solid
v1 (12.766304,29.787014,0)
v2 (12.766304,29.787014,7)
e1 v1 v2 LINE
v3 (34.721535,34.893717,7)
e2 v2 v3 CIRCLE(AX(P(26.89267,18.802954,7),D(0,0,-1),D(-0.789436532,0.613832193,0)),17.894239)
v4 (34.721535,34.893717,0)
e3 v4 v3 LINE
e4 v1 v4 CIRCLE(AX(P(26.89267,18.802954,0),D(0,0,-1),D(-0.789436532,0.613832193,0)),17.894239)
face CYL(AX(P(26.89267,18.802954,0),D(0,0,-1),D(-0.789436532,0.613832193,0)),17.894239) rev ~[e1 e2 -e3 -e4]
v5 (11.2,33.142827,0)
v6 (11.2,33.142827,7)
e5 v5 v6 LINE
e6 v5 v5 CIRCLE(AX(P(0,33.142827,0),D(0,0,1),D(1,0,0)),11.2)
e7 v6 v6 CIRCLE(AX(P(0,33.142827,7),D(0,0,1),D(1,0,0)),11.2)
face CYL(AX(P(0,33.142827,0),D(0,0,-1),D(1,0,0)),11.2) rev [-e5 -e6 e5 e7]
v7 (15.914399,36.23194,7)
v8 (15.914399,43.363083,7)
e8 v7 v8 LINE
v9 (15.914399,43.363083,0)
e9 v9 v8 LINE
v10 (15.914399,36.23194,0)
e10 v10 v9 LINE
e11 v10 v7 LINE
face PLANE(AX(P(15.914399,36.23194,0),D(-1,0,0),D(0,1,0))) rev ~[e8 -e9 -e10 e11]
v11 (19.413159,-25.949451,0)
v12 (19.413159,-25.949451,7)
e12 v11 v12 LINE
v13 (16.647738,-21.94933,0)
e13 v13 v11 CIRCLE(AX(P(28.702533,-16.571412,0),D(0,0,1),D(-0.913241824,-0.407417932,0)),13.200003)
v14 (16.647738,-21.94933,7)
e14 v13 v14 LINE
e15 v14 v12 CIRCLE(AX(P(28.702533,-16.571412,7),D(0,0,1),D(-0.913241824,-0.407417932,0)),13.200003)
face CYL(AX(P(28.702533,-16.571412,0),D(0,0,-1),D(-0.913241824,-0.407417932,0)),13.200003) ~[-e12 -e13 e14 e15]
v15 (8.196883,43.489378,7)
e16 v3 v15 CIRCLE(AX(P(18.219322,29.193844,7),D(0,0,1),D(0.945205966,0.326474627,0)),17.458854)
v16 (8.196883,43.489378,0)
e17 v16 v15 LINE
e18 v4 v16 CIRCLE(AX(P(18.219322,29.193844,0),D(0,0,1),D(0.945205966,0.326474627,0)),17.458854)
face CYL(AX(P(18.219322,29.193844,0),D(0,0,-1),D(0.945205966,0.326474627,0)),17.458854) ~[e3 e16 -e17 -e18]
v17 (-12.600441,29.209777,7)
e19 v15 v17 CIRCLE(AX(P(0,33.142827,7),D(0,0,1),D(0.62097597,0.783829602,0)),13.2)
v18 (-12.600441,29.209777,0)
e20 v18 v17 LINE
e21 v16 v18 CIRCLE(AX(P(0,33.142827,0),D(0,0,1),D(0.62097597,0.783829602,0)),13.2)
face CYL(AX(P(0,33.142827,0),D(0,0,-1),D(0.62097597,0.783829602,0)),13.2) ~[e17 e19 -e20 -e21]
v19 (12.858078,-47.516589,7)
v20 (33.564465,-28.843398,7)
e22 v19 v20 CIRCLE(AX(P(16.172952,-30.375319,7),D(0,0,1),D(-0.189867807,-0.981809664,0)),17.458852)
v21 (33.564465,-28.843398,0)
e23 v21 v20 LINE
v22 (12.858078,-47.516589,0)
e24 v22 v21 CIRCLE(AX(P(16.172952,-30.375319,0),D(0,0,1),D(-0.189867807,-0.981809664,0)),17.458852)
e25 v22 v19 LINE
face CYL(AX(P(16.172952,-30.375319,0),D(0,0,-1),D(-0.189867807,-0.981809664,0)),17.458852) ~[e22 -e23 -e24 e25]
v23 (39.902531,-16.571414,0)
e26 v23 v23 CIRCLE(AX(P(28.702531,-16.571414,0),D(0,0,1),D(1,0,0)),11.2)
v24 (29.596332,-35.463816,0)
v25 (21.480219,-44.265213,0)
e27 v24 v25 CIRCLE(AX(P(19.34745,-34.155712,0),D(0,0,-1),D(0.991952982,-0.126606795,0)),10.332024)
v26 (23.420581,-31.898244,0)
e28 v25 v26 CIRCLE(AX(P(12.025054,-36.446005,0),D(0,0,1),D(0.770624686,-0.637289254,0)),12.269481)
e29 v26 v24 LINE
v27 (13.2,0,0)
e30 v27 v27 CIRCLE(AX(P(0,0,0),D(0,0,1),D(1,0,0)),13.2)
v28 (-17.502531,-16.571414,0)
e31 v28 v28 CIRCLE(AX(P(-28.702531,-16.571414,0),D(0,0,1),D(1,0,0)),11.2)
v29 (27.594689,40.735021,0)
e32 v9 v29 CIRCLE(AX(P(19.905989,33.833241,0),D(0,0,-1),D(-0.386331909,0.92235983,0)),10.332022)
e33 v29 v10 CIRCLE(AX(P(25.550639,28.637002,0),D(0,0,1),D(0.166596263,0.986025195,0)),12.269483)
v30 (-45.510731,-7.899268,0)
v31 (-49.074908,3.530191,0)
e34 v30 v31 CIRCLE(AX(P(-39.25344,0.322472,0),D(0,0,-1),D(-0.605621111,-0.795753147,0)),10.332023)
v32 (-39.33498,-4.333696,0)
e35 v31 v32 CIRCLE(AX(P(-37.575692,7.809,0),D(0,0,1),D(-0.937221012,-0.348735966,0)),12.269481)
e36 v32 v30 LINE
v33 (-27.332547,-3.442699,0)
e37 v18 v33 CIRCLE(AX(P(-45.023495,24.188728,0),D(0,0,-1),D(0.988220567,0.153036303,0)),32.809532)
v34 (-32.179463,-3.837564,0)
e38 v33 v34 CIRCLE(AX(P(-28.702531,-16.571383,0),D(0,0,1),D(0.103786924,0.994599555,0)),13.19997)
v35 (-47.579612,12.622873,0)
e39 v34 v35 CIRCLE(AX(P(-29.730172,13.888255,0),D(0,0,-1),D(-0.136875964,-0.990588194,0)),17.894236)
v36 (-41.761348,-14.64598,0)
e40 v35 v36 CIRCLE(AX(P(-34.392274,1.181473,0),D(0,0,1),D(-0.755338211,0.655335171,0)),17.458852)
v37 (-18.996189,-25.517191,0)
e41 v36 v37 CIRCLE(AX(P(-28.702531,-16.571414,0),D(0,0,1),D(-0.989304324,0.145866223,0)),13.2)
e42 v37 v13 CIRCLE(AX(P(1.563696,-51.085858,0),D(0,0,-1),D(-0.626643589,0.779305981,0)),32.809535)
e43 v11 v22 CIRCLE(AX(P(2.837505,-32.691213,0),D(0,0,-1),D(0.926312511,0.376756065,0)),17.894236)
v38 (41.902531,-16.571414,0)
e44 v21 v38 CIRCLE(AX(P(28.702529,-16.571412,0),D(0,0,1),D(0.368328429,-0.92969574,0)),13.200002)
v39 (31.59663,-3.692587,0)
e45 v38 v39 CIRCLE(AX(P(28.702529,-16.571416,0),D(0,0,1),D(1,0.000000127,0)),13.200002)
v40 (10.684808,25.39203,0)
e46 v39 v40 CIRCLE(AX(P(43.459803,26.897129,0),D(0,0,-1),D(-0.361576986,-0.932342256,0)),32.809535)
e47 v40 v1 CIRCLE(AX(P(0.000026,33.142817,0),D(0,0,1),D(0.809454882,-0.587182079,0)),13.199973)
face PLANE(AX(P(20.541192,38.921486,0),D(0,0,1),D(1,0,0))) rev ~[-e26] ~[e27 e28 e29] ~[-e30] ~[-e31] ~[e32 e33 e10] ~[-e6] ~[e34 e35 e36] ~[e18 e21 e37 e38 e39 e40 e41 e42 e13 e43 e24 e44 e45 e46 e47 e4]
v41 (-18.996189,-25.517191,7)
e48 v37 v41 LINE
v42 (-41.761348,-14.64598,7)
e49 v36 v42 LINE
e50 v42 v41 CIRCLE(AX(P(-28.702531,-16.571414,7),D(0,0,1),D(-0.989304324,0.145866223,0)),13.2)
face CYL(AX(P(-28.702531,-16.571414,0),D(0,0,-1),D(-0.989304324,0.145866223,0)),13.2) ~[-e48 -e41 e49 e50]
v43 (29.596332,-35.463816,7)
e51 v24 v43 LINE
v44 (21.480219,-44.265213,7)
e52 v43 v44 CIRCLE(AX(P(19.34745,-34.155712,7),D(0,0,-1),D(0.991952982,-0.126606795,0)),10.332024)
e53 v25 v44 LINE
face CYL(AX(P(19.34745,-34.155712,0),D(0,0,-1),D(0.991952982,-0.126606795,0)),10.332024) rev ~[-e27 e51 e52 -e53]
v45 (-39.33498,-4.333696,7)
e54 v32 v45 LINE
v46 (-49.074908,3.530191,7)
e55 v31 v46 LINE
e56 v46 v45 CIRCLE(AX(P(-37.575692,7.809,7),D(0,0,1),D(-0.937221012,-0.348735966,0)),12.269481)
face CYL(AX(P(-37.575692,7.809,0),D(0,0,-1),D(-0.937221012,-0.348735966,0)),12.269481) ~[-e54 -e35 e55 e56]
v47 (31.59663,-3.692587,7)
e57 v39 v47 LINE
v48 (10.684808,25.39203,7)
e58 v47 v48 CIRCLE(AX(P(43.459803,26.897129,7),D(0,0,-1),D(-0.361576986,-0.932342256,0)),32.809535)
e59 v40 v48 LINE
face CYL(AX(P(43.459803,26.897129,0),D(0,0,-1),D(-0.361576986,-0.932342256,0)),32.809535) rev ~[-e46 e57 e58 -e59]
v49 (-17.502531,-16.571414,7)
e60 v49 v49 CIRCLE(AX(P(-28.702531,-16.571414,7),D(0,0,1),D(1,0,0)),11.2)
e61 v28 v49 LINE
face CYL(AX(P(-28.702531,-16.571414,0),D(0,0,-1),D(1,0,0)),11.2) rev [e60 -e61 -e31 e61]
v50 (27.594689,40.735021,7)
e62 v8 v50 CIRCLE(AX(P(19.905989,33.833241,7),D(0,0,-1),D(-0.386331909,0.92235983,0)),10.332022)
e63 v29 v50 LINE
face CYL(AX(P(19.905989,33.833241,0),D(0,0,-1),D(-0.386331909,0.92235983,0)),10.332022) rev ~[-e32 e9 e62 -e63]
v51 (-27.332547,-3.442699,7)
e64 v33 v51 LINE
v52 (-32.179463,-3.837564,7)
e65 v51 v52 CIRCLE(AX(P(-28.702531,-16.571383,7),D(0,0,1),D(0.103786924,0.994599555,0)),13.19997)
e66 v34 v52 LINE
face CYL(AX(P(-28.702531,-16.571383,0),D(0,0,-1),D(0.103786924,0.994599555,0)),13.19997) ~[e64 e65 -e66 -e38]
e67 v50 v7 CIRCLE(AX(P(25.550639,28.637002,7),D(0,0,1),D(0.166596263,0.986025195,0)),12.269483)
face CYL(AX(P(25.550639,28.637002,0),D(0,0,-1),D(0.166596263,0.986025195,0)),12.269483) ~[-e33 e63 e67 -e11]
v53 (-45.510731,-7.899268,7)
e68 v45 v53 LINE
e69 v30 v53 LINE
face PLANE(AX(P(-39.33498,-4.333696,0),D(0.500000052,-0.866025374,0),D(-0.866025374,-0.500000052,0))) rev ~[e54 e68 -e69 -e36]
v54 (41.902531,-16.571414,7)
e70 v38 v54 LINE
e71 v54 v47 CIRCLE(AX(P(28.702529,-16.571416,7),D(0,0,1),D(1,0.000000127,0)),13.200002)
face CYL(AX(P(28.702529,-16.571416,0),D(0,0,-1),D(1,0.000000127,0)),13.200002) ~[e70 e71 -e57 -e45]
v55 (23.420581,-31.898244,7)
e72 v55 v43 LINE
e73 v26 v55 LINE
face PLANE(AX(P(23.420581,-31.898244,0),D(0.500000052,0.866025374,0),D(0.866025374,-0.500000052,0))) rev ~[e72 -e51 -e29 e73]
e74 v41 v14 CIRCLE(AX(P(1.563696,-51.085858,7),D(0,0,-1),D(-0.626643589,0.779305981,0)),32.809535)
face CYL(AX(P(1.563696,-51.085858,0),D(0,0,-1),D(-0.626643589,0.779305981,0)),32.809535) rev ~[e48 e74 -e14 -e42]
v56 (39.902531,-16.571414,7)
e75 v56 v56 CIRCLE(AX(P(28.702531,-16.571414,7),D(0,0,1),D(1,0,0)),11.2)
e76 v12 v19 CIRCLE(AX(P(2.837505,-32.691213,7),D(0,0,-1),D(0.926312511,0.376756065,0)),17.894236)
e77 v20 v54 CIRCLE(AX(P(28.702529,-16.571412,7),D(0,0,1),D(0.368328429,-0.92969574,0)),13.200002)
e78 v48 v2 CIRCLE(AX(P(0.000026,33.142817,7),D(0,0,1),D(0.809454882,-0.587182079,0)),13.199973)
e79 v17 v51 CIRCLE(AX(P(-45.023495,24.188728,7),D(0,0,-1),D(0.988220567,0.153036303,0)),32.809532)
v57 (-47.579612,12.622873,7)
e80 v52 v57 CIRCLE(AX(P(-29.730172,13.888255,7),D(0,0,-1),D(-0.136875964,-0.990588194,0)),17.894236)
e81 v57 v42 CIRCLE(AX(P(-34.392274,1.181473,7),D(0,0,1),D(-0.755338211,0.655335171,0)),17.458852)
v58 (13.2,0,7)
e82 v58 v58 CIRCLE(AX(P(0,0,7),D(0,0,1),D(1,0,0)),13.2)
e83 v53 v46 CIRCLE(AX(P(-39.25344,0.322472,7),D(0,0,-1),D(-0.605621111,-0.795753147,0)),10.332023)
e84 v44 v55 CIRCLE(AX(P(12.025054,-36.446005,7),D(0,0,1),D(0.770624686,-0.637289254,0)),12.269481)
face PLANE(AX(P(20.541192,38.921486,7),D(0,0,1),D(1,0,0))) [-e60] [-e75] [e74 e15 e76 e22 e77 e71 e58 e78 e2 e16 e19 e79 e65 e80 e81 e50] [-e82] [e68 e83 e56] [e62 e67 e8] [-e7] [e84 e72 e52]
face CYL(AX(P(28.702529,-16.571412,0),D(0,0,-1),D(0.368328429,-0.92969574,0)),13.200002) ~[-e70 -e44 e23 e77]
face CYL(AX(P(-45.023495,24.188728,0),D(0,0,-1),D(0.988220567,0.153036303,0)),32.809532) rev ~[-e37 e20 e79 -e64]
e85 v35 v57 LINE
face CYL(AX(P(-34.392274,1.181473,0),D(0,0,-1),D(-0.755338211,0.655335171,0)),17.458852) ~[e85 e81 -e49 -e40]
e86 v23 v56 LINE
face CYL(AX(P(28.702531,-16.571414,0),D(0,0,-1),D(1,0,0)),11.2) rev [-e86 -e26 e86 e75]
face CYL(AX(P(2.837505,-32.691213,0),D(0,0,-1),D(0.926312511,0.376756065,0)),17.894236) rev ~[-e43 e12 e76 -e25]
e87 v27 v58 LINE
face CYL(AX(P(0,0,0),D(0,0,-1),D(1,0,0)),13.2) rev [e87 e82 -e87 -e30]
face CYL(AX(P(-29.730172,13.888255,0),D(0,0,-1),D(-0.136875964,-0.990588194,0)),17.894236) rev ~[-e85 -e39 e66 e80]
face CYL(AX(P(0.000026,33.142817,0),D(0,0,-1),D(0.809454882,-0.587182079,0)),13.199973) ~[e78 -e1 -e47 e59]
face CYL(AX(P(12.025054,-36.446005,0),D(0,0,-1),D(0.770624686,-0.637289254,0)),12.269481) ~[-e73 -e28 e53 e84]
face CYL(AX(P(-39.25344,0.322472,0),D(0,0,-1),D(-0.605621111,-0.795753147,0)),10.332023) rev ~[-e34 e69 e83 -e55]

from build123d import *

# Parameters (mm, degrees)
F0_R     = 11.2
F0_R_2   = 13.2
F1_DEPTH = 7


with BuildPart() as f1:
    # F0 (on Top) → F1 (new body)
    with BuildSketch(Plane.XY):
        with BuildLine():
            ThreePointArc((8.196883, 43.489378), (11.883578, 38.889181), (13.2, 33.142827))
            ThreePointArc((13.2, 33.142827), (13.091127, 31.450967), (12.766304, 29.787014))
            ThreePointArc((12.766304, 29.787014), (22.838754, 36.23194), (34.721535, 34.893717))
            ThreePointArc((34.721535, 34.893717), (23.601535, 45.802377), (8.196883, 43.489378))
        make_face()
        with BuildLine():
            Line((15.914399, 36.23194), (15.914399, 43.363083))
            ThreePointArc((15.914399, 43.363083), (22.173991, 43.913263), (27.594689, 40.735021))
            ThreePointArc((27.594689, 40.735021), (21.13705, 40.085165), (15.914399, 36.23194))
        make_face(mode=Mode.SUBTRACT)
        with BuildLine():
            ThreePointArc((12.766304, 29.787014), (13.091127, 31.450967), (13.2, 33.142827))
            ThreePointArc((13.2, 33.142827), (11.883578, 38.889181), (8.196883, 43.489378))
            ThreePointArc((8.196883, 43.489378), (-7.471585, 44.024712), (-12.600441, 29.209777))
            ThreePointArc((-12.600441, 29.209777), (-2.135699, 20.116746), (10.684808, 25.39203))
            ThreePointArc((10.684808, 25.39203), (11.929696, 27.49284), (12.766304, 29.787014))
        make_face()
        with Locations((0, 33.142827)):
            Circle(F0_R, mode=Mode.SUBTRACT)
        with BuildLine():
            ThreePointArc((41.902531, -16.571414), (39.00889, -8.324054), (31.59663, -3.692587))
            ThreePointArc((31.59663, -3.692587), (18.489463, -8.208803), (16.647738, -21.94933))
            ThreePointArc((16.647738, -21.94933), (17.84465, -24.07784), (19.413159, -25.949451))
            ThreePointArc((19.413159, -25.949451), (26.05786, -29.503765), (33.564465, -28.843398))
            ThreePointArc((33.564465, -28.843398), (39.620807, -23.989718), (41.902531, -16.571414))
        make_face()
        with Locations((28.702531, -16.571414)):
            Circle(F0_R, mode=Mode.SUBTRACT)
        with BuildLine():
            ThreePointArc((10.684808, 25.39203), (-2.135699, 20.116746), (-12.600441, 29.209777))
            ThreePointArc((-12.600441, 29.209777), (-15.116985, 10.695543), (-27.332547, -3.442699))
            ThreePointArc((-27.332547, -3.442699), (-18.896314, -7.735232), (-15.502531, -16.571414))
            ThreePointArc((-15.502531, -16.571414), (-16.406927, -21.373303), (-18.996189, -25.517191))
            ThreePointArc((-18.996189, -25.517191), (-1.70412, -18.439465), (16.647738, -21.94933))
            ThreePointArc((16.647738, -21.94933), (18.489463, -8.208803), (31.59663, -3.692587))
            ThreePointArc((31.59663, -3.692587), (16.821105, 7.743921), (10.684808, 25.39203))
        make_face()
        Circle(F0_R_2, mode=Mode.SUBTRACT)
        with BuildLine():
            ThreePointArc((12.858078, -47.516589), (27.865255, -43.340718), (33.564465, -28.843398))
            ThreePointArc((33.564465, -28.843398), (26.05786, -29.503765), (19.413159, -25.949451))
            ThreePointArc((19.413159, -25.949451), (19.958404, -37.894911), (12.858078, -47.516589))
        make_face()
        with BuildLine():
            ThreePointArc((29.596332, -35.463816), (26.943006, -41.159871), (21.480219, -44.265213))
            ThreePointArc((21.480219, -44.265213), (24.146247, -38.347805), (23.420581, -31.898244))
            Line((23.420581, -31.898244), (29.596332, -35.463816))
        make_face(mode=Mode.SUBTRACT)
        with BuildLine():
            ThreePointArc((-15.502531, -16.571414), (-18.896314, -7.735232), (-27.332547, -3.442699))
            ThreePointArc((-27.332547, -3.442699), (-29.774346, -3.415), (-32.179463, -3.837564))
            ThreePointArc((-32.179463, -3.837564), (-38.57994, -7.814886), (-41.761348, -14.64598))
            ThreePointArc((-41.761348, -14.64598), (-34.390727, -28.482939), (-18.996189, -25.517191))
            ThreePointArc((-18.996189, -25.517191), (-16.406927, -21.373303), (-15.502531, -16.571414))
        make_face()
        with Locations((-28.702531, -16.571414)):
            Circle(F0_R, mode=Mode.SUBTRACT)
        with BuildLine():
            ThreePointArc((-41.761348, -14.64598), (-38.57994, -7.814886), (-32.179463, -3.837564))
            ThreePointArc((-32.179463, -3.837564), (-42.797158, 1.662971), (-47.579612, 12.622873))
            ThreePointArc((-47.579612, 12.622873), (-51.46679, -2.46166), (-41.761348, -14.64598))
        make_face()
        with BuildLine():
            ThreePointArc((-45.510731, -7.899268), (-49.116997, -2.753392), (-49.074908, 3.530191))
            ThreePointArc((-49.074908, 3.530191), (-45.283296, -1.737361), (-39.33498, -4.333696))
            Line((-39.33498, -4.333696), (-45.510731, -7.899268))
        make_face(mode=Mode.SUBTRACT)
    extrude(amount=F1_DEPTH)


solid = f1.part
